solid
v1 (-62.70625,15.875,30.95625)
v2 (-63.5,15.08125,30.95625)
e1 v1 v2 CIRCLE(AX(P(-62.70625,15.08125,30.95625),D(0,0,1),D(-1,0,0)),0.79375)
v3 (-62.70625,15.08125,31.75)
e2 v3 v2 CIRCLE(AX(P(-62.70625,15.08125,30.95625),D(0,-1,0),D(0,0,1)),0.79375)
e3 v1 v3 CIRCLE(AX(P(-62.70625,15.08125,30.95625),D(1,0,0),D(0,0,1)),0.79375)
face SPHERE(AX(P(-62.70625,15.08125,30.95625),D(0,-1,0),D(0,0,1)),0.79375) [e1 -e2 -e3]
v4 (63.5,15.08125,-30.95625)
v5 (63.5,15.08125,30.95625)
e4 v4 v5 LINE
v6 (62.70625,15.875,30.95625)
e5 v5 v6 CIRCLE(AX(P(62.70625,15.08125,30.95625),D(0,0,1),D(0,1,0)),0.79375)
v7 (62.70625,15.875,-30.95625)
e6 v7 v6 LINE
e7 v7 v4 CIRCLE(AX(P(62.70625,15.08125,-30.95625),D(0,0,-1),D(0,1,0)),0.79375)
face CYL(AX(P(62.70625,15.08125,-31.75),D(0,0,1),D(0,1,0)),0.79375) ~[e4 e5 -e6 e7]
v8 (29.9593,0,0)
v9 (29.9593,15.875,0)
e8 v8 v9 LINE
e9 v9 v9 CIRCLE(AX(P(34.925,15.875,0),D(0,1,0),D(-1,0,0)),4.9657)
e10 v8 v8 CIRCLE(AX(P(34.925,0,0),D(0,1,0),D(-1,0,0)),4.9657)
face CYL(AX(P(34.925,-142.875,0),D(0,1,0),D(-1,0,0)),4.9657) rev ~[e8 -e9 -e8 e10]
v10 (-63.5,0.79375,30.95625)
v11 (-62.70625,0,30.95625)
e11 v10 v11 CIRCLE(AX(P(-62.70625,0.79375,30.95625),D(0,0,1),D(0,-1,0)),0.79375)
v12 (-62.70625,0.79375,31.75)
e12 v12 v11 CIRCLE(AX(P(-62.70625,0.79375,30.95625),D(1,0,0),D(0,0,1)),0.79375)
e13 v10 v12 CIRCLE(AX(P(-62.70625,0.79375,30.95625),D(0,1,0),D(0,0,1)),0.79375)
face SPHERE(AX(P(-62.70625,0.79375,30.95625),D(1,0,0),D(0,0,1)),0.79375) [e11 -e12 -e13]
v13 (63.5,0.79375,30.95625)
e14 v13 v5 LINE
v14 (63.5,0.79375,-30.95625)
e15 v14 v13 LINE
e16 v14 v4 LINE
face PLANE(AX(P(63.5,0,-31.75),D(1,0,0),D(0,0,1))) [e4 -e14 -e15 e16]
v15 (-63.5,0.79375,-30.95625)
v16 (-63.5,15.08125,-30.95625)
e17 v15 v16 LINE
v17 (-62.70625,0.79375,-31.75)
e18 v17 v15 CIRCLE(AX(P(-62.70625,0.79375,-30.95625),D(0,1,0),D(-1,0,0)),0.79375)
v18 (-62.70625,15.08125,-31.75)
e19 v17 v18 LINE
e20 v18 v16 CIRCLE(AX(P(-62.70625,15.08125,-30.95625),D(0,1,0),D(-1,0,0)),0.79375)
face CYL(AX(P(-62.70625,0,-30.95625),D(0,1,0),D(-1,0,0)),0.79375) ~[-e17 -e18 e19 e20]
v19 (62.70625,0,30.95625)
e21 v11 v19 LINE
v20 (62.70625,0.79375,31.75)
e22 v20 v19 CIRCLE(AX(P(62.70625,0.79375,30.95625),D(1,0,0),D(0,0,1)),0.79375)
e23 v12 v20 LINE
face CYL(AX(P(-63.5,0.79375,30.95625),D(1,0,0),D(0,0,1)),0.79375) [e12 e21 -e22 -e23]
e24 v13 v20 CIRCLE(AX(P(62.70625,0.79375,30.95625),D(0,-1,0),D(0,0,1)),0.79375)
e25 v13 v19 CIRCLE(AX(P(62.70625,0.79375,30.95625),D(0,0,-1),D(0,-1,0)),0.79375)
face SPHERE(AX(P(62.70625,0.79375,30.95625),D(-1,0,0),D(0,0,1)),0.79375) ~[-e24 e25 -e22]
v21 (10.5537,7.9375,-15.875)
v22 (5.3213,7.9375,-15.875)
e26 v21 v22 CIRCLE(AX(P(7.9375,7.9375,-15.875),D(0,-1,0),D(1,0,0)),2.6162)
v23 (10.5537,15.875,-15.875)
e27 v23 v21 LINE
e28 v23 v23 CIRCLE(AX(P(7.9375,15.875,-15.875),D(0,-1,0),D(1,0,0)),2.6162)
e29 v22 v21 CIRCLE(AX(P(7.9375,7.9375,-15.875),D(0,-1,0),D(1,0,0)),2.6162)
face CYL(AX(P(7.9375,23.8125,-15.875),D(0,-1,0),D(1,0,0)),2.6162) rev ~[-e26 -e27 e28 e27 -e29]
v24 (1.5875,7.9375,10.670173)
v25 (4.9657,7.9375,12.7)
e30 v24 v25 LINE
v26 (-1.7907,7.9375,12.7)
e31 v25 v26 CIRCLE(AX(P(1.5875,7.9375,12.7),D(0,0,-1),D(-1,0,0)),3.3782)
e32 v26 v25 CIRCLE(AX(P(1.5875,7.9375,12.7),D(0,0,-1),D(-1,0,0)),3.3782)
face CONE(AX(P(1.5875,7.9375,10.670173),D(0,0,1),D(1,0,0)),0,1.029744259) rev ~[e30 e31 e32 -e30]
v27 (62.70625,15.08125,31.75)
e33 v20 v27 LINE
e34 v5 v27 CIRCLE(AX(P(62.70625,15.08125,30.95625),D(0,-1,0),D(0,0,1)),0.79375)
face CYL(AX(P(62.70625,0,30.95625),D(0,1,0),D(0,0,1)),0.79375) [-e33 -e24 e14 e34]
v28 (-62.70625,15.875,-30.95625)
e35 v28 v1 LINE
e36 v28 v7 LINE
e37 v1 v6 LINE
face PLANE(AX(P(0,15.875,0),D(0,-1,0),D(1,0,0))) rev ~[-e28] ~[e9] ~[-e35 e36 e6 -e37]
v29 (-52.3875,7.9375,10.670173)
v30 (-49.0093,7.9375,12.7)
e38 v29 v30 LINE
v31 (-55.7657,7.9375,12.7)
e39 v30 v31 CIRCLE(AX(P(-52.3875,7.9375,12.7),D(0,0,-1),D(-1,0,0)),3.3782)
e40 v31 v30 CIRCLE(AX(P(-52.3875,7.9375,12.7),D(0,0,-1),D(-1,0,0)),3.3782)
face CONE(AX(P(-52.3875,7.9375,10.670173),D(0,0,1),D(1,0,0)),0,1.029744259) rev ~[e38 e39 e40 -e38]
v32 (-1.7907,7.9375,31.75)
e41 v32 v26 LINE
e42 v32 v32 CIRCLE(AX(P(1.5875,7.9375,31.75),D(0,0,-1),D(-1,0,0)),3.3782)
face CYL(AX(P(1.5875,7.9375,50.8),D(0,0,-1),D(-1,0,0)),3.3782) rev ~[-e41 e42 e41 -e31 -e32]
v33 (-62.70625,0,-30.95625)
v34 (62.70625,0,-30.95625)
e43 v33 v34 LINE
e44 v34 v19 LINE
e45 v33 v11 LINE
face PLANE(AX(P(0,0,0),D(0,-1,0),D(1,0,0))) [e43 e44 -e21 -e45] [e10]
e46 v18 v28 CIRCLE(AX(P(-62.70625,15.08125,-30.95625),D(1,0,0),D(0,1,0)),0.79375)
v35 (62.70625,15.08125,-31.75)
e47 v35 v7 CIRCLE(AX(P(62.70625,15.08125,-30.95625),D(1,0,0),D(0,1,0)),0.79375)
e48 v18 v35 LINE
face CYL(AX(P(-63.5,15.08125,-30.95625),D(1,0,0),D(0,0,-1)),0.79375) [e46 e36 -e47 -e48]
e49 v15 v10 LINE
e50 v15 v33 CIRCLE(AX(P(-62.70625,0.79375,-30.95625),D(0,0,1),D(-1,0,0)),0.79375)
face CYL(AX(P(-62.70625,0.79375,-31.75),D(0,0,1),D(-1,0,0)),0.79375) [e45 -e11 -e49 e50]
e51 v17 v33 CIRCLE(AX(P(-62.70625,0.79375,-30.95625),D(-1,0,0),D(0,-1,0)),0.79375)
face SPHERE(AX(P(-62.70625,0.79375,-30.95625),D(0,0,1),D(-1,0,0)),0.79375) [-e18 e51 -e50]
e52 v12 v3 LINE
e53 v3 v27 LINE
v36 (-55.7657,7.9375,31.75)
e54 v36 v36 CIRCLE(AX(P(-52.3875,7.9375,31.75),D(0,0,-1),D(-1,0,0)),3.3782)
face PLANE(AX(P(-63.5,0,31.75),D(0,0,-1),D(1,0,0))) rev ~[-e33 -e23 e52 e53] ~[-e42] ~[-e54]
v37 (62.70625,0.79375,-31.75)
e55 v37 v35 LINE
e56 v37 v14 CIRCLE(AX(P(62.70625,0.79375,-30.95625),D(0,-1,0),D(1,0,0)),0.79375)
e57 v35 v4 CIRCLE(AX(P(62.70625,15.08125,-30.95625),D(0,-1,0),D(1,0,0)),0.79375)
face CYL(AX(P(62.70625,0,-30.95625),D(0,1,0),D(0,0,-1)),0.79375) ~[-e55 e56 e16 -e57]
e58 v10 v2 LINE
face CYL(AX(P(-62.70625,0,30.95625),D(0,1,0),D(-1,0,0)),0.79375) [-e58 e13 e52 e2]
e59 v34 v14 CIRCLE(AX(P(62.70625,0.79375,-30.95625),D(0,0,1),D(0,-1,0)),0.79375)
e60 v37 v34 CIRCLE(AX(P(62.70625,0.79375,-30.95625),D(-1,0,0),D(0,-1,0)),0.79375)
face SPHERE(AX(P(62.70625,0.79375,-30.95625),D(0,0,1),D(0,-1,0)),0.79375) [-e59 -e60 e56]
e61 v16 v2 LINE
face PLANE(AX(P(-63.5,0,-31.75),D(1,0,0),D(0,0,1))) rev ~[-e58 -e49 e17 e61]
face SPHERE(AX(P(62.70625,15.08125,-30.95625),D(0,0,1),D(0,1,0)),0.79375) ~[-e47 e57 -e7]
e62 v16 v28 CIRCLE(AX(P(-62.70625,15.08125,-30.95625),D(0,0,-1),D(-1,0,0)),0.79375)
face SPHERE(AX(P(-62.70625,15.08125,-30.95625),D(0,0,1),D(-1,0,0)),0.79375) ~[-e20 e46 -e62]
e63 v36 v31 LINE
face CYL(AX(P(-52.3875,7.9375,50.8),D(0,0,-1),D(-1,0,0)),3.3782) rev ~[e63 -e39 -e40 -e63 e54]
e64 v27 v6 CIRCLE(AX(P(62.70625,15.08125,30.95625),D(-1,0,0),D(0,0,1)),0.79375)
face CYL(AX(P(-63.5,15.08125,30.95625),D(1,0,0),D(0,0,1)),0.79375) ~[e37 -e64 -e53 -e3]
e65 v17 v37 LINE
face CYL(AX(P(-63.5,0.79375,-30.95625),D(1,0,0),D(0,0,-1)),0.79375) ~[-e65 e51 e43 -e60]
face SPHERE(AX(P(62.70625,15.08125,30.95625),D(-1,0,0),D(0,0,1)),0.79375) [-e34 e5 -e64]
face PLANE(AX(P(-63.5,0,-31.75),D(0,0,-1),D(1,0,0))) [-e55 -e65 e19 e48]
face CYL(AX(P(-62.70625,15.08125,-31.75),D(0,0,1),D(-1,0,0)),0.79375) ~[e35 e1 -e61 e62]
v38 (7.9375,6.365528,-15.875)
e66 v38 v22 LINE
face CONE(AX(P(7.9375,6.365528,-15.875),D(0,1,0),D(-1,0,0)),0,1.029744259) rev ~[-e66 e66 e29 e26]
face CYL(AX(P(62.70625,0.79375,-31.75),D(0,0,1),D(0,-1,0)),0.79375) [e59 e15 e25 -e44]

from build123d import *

# Parameters (mm, degrees)
F0_W     = 127
F0_H     = 63.5
F1_DEPTH = 15.875
F3_D     = 6.7564
F3_DEPTH = 19.05
F3_TIP   = 2.0298273432
F5_D     = 9.9314
F7_D     = 5.2324
F7_DEPTH = 7.9375
F7_TIP   = 1.5719715515
F8_R     = 0.79375


with BuildPart() as f1:
    # F0 (on Front) → F1 (new body)
    with BuildSketch(Plane.XZ):
        Rectangle(F0_W, F0_H)
    extrude(amount=-F1_DEPTH)

    # F3
    with Locations(Plane.XY.offset(31.75)):
        with Locations((-52.3875, 7.9375), (1.5875, 7.9375)):
            Hole(F3_D / 2, depth=F3_DEPTH)
            with Locations((0, 0, -(F3_DEPTH + F3_TIP / 2))):  # 118° drill point
                Cone(0, F3_D / 2, F3_TIP, mode=Mode.SUBTRACT)

    # F5 (through all)
    with Locations(Plane.XZ):
        with Locations((34.925, 0)):
            Hole(F5_D / 2)

    # F7
    with Locations(Plane(origin=(0, 15.875, 0), x_dir=(-1, 0, 0), z_dir=(0, 1, 0))):
        with Locations((-7.9375, -15.875)):
            Hole(F7_D / 2, depth=F7_DEPTH)
            with Locations((0, 0, -(F7_DEPTH + F7_TIP / 2))):  # 118° drill point
                Cone(0, F7_D / 2, F7_TIP, mode=Mode.SUBTRACT)

    # F8
    f8_edges = [f1.edges().sort_by_distance(p)[0] for p in [
        (0, 0, 31.75),
        (-63.5, 7.9375, 31.75),
        (0, 15.875, 31.75),
        (63.5, 7.9375, 31.75),
        (63.5, 0, 0),
        (63.5, 15.875, 0),
        (-63.5, 15.875, 0),
        (-63.5, 0, 0),
        (-63.5, 7.9375, -31.75),
        (0, 15.875, -31.75),
        (0, 0, -31.75),
        (63.5, 7.9375, -31.75),
    ]]
    fillet(f8_edges, radius=F8_R)


solid = f1.part
